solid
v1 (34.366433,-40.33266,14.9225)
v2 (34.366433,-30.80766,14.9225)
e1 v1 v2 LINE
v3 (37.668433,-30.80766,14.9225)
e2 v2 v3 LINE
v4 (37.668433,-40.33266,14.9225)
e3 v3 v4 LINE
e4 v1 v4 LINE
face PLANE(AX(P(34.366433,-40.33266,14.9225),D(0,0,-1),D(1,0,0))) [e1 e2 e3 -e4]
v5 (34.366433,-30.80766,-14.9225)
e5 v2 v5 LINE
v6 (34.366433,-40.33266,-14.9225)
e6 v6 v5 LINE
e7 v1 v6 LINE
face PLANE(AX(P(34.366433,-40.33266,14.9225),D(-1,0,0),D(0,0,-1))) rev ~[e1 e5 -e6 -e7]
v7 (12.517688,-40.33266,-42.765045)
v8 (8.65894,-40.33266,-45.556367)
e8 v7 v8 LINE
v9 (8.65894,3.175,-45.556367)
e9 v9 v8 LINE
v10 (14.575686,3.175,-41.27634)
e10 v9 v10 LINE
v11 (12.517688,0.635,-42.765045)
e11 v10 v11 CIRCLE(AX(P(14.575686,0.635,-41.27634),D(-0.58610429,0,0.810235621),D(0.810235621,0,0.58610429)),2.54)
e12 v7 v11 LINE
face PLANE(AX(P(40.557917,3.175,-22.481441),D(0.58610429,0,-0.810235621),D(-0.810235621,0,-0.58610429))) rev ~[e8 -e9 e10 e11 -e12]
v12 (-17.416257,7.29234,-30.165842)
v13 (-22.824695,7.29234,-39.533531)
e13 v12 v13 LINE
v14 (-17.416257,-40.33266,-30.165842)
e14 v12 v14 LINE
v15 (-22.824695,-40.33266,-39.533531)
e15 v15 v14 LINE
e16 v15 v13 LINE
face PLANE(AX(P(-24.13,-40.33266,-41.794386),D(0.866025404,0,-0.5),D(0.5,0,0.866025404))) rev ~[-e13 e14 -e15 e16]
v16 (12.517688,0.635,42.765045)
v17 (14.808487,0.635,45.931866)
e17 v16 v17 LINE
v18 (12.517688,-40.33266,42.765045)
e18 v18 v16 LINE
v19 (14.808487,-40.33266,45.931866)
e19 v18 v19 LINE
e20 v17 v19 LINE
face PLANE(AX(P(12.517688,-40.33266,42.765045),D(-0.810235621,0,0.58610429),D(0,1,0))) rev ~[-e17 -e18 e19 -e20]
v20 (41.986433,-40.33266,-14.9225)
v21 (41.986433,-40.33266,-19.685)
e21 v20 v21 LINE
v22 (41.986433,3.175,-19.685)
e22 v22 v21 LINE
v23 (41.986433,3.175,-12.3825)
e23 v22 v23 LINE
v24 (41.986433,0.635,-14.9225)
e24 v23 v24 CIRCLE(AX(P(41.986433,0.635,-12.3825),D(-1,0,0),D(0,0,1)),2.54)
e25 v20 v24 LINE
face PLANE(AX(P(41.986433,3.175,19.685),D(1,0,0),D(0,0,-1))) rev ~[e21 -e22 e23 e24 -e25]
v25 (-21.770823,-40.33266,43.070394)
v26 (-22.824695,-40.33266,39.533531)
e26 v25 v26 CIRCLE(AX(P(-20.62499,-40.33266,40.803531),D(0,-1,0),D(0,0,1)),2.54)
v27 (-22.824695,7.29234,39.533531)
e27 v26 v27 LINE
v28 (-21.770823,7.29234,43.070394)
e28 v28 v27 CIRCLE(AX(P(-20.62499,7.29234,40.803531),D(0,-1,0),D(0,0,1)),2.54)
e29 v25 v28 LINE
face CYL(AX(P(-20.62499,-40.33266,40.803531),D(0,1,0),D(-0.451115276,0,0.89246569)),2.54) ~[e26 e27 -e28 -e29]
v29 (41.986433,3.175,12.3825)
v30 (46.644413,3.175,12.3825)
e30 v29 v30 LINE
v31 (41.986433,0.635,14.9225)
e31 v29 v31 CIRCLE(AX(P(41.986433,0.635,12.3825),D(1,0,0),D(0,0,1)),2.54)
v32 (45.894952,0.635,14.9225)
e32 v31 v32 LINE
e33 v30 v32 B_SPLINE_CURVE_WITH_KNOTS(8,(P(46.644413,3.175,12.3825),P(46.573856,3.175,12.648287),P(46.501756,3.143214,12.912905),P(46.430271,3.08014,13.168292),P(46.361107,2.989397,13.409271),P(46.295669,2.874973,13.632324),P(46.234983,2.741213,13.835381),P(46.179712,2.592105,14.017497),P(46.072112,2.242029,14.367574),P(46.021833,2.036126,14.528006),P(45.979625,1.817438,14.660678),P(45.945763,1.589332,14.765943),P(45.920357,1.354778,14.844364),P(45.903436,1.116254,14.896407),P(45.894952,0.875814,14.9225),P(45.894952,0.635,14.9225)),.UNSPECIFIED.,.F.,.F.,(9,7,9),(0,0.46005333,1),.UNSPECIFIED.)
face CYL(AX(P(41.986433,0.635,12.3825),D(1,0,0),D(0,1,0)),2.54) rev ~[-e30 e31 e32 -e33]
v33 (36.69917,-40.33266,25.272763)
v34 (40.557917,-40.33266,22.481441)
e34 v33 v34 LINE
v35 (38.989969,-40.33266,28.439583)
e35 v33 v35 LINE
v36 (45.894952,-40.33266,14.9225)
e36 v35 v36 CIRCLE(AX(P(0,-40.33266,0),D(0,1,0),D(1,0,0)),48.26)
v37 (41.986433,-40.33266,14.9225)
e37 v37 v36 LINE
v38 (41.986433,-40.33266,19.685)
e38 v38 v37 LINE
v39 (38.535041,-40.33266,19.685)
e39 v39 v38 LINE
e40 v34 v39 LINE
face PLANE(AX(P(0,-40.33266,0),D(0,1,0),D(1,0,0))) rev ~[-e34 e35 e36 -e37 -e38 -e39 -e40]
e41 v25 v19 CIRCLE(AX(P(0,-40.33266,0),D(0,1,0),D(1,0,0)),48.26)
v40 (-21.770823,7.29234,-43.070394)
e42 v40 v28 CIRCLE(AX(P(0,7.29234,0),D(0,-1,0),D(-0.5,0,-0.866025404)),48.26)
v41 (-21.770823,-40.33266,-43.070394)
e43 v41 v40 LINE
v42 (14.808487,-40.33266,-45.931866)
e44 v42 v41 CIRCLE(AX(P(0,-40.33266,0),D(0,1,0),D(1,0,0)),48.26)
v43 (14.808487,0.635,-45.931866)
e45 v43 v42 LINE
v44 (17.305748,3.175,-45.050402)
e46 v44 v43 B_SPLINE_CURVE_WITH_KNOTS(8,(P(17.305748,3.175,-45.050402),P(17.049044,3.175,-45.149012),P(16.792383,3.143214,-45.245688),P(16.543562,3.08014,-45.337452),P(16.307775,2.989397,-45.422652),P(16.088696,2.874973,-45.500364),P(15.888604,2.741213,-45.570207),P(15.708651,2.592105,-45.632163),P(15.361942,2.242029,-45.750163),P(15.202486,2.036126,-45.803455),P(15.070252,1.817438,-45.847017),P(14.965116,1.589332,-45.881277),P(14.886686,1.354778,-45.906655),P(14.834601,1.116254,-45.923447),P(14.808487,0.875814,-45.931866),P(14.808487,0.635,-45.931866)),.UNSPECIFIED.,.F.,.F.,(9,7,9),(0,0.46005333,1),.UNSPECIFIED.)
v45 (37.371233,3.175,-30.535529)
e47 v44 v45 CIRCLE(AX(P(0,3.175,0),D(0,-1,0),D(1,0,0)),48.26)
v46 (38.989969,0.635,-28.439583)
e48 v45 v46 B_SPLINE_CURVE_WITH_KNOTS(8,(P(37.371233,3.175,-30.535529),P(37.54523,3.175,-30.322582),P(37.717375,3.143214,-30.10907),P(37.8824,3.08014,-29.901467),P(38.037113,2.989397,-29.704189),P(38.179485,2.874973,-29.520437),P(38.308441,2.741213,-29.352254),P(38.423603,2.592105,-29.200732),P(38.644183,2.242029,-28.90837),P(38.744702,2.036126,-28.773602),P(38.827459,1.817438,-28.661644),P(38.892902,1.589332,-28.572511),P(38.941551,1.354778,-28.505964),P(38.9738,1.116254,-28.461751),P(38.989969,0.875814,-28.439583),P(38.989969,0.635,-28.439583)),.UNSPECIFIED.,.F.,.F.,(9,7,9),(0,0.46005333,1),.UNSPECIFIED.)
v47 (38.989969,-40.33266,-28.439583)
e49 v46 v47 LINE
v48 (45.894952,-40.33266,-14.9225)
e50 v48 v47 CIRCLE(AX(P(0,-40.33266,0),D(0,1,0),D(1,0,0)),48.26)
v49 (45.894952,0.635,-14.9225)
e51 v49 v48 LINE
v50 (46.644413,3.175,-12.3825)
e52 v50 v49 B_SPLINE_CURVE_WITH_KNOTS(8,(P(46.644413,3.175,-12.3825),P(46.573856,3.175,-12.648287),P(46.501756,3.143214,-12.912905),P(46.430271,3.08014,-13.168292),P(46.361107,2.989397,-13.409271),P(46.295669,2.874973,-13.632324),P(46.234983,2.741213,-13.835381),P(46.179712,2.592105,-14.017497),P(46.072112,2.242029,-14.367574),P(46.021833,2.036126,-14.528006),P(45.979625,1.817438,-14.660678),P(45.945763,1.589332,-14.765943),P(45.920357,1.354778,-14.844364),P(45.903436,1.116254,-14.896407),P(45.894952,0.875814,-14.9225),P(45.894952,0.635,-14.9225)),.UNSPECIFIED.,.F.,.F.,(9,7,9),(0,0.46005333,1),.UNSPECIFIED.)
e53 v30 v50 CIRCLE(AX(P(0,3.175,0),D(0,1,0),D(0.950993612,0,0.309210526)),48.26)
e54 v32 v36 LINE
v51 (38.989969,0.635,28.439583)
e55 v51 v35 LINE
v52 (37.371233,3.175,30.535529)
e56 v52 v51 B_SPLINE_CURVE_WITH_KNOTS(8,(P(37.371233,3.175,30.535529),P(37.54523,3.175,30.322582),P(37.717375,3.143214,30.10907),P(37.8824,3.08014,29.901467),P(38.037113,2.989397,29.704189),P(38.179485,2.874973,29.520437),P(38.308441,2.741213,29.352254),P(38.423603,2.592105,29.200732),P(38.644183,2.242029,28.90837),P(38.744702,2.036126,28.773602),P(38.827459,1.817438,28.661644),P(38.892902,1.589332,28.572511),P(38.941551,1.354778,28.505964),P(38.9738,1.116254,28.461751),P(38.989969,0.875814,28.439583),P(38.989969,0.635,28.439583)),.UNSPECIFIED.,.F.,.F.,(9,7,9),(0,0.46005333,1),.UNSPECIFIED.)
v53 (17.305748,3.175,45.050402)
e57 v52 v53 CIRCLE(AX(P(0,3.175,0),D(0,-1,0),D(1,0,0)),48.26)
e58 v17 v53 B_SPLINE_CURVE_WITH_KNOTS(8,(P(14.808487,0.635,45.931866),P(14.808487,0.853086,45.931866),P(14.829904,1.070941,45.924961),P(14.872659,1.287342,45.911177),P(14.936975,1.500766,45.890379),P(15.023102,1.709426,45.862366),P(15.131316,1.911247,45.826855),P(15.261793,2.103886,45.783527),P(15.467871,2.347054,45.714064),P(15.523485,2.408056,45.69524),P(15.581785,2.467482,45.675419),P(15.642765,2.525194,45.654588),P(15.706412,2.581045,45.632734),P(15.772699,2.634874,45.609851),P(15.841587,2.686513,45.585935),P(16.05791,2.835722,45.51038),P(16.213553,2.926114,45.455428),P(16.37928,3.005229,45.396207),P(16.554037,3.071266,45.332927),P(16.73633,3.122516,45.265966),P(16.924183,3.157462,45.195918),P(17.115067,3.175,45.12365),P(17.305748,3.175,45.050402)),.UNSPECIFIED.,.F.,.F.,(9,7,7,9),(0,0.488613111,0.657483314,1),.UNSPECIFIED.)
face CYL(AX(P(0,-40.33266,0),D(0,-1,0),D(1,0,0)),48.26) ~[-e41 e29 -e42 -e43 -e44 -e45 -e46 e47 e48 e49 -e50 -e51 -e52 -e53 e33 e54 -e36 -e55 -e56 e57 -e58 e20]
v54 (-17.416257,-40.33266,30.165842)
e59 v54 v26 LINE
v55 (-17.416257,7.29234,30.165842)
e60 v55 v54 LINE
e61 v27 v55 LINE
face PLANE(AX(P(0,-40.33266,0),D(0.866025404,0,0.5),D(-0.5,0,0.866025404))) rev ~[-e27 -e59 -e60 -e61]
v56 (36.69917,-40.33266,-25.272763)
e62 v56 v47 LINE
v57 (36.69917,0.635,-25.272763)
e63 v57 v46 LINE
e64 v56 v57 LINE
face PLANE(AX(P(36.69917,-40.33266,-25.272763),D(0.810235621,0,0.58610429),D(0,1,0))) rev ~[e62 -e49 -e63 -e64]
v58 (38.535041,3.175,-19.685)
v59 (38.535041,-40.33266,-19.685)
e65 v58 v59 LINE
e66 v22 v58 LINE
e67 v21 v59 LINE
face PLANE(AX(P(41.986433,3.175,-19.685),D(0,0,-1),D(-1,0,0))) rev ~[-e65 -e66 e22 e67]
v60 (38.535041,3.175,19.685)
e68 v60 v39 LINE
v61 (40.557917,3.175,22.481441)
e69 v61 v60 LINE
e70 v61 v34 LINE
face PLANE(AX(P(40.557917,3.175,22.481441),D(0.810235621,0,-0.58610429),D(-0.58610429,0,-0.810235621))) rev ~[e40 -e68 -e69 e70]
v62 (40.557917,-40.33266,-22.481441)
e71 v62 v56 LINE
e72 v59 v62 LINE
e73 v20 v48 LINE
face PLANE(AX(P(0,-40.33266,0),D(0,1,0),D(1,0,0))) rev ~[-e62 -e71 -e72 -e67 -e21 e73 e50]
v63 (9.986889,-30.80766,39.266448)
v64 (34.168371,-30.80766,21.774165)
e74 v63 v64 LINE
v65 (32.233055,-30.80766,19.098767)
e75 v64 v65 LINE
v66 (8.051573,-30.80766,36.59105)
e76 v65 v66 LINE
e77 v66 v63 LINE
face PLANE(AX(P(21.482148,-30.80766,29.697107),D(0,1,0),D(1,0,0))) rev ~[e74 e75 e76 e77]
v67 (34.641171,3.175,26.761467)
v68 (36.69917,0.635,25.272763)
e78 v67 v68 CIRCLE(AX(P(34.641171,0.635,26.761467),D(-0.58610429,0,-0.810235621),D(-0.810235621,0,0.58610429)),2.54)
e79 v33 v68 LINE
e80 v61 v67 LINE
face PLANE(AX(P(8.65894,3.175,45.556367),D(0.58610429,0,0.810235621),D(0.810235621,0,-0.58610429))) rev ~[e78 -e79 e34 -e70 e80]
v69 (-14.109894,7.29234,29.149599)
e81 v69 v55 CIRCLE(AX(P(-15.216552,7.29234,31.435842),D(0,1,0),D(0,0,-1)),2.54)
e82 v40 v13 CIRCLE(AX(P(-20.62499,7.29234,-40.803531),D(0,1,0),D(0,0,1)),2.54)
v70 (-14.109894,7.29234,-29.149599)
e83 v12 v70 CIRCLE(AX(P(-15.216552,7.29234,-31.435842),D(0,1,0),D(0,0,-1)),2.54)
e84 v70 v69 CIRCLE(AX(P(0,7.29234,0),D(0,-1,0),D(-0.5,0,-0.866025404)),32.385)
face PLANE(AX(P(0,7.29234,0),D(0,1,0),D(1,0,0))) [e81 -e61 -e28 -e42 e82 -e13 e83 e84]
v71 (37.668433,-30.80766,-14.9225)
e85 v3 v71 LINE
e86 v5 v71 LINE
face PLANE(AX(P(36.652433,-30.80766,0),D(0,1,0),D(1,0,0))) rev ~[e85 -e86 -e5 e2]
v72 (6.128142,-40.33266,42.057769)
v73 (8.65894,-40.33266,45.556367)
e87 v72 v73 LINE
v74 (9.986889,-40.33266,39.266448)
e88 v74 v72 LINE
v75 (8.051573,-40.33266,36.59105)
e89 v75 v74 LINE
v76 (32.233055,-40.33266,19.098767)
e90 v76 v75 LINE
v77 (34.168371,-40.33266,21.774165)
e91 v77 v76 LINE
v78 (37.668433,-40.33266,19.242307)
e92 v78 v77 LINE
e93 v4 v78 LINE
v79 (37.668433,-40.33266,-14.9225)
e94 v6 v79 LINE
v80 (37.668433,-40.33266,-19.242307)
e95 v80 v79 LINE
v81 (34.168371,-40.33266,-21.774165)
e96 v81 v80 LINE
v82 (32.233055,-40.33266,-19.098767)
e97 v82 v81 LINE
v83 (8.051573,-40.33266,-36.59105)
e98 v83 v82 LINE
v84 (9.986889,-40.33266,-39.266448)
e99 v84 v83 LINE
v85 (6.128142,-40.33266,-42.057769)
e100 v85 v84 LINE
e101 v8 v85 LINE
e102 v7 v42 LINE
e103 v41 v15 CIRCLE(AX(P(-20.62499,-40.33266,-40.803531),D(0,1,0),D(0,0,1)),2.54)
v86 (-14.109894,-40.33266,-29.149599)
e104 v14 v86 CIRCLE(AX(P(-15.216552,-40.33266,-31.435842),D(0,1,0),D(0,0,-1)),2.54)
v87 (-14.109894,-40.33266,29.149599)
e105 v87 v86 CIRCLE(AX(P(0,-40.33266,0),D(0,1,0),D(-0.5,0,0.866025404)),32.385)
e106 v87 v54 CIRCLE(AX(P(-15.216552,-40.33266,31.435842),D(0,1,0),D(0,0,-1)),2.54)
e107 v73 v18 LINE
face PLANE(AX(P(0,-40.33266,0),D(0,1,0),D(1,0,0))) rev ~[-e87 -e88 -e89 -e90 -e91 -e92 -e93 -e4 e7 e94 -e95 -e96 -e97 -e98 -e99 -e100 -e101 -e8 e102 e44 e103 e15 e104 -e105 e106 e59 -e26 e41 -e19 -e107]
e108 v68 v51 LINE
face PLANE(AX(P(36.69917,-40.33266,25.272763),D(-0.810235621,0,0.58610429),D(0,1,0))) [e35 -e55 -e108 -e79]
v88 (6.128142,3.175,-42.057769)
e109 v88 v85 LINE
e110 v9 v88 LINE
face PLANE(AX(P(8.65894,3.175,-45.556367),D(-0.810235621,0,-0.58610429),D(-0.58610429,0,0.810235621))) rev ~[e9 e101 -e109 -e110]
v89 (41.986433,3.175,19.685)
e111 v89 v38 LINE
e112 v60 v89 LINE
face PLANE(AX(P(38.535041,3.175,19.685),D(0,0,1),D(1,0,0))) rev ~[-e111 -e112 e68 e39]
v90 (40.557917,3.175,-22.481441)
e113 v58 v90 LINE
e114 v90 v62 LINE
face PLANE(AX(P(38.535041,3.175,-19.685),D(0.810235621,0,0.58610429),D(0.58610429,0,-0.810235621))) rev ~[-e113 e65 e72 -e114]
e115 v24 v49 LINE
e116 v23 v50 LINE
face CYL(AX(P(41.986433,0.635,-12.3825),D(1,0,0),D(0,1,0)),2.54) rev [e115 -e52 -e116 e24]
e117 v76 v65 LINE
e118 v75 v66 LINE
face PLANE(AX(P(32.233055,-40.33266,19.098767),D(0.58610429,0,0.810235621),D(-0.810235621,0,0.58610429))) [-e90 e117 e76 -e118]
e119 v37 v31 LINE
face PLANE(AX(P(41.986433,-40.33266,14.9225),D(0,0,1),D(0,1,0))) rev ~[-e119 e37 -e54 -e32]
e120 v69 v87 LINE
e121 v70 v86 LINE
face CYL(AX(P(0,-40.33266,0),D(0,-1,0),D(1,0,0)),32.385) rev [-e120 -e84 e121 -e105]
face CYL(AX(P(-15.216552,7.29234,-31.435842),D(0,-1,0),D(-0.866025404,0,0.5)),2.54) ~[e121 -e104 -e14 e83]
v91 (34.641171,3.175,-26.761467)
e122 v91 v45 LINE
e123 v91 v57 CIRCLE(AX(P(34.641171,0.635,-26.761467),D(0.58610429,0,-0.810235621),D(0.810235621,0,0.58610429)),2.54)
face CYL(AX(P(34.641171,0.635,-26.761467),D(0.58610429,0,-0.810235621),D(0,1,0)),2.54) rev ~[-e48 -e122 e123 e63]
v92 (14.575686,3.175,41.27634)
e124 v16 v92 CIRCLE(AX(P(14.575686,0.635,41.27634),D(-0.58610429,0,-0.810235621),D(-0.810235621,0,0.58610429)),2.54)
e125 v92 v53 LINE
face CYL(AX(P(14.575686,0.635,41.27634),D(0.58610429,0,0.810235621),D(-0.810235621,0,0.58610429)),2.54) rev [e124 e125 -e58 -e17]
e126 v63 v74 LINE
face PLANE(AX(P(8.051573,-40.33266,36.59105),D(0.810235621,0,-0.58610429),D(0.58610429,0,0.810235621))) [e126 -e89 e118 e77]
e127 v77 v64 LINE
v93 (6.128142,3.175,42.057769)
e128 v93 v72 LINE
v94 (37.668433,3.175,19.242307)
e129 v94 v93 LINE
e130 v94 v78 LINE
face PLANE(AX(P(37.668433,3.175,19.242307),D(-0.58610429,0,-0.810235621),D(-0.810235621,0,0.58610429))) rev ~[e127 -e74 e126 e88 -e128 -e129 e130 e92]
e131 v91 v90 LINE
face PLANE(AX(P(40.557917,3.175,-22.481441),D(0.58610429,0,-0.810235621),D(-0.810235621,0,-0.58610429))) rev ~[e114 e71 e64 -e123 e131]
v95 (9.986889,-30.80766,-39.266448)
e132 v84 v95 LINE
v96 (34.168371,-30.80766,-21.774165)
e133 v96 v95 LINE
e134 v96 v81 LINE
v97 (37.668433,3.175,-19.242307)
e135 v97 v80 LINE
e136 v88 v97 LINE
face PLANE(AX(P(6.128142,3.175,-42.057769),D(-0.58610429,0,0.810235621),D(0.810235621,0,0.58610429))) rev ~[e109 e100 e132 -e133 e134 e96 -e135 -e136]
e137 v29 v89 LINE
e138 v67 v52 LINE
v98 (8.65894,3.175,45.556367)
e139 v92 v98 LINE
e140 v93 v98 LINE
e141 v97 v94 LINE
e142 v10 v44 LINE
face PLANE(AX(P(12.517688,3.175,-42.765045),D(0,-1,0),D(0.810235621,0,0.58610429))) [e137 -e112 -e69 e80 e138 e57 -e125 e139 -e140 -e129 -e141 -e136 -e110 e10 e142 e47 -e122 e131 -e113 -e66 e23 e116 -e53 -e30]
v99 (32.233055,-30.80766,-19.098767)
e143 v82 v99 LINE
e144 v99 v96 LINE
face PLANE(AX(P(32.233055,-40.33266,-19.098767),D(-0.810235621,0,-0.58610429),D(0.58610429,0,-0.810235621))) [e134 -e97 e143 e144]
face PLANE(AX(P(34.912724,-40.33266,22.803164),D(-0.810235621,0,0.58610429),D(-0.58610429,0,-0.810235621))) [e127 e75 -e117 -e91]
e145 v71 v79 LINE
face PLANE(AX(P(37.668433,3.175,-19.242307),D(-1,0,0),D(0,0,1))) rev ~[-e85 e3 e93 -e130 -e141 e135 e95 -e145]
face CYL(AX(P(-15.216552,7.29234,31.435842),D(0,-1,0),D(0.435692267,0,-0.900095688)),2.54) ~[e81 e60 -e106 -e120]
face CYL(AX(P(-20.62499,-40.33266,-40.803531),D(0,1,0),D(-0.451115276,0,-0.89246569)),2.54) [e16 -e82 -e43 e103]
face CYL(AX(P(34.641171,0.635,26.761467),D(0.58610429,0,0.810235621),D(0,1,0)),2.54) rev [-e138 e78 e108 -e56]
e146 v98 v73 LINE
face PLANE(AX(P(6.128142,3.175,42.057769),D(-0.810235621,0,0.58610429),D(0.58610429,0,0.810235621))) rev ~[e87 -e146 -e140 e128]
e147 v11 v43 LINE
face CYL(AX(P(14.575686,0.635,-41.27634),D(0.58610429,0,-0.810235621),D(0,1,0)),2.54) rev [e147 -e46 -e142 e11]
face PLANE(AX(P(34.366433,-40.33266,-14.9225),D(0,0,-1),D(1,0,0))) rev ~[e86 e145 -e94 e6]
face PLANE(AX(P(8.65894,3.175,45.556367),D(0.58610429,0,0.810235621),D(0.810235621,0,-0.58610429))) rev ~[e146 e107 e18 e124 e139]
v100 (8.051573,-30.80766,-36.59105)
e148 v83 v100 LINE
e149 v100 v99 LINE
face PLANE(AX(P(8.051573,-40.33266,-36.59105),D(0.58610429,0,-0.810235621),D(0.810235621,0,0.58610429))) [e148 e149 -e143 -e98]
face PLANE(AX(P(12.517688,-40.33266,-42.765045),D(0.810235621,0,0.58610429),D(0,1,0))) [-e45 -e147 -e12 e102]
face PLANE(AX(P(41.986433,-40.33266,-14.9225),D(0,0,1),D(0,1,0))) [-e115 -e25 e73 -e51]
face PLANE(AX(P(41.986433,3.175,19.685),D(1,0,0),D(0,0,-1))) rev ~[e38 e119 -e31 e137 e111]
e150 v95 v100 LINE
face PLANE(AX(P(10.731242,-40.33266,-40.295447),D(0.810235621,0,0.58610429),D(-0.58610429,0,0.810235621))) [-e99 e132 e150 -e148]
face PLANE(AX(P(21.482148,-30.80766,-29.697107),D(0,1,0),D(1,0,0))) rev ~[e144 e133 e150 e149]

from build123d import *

# Parameters (mm, degrees)
SKETCH1_R           = 48.26
SKETCH1_R_2         = 32.385
BOSS_EXTRUDE1_DEPTH = 47.625
CUT_EXTRUDE2_START  = -43.50766
CUT_EXTRUDE2_DEPTH  = 43.50766
SKETCH3_W           = 4.572
SKETCH3_H           = 29.845
CUT_EXTRUDE3_DEPTH  = 9.525
SKETCH4_W           = 29.845
SKETCH4_H           = 43.50766
CUT_EXTRUDE4_DEPTH  = 26.400930862
SKETCH5_W           = 29.845
SKETCH5_H           = 43.50766
CUT_EXTRUDE5_DEPTH  = 7.273566766
SKETCH6_W           = 29.845
SKETCH6_H           = 43.50766
CUT_EXTRUDE6_DEPTH  = 26.400930862
CUT_EXTRUDE7_DEPTH  = 48.625
FILLET1_R           = 2.54
FILLET2_R           = 2.54


with BuildPart() as part:
    # Sketch1 → Boss-Extrude1 (new body)
    with BuildSketch(Plane(origin=(0, -40.33266, 0), x_dir=(1, 0, 0), z_dir=(0, 1, 0))):
        Circle(SKETCH1_R)
        Circle(SKETCH1_R_2, mode=Mode.SUBTRACT)
    extrude(amount=BOSS_EXTRUDE1_DEPTH)

    # Sketch2 → Cut-Extrude2 (cut)
    with BuildSketch(Plane.XZ.offset(40.33266).offset(CUT_EXTRUDE2_START)):
        Polygon((40.557916835, -22.48144085), (8.658940442, -45.556366746), (6.128142118, -42.057769336), (37.668433234, -19.242307445), (37.668433234, 19.242307445), (6.128142118, 42.057769336), (8.658940442, 45.556366746), (40.557916835, 22.48144085), (38.535041098, 19.685), (41.986433234, 19.685), (41.986433234, -19.685), (38.535041098, -19.685), align=None)
    extrude(amount=CUT_EXTRUDE2_DEPTH, mode=Mode.SUBTRACT)

    # Sketch3 → Cut-Extrude3 (cut)
    with BuildSketch(Plane(origin=(0, -40.33266, 0), x_dir=(1, 0, 0), z_dir=(0, 1, 0))):
        Polygon((10.731241711, 40.295446893), (8.051572897, 36.591049635), (32.233055001, 19.098767101), (34.912723815, 22.803164359), align=None)
        with Locations((36.652433234, 0)):
            Rectangle(SKETCH3_W, SKETCH3_H)
        Polygon((32.233055001, -19.098767101), (8.051572897, -36.591049635), (10.731241711, -40.295446893), (34.912723815, -22.803164359), align=None)
    extrude(amount=CUT_EXTRUDE3_DEPTH, mode=Mode.SUBTRACT)

    # Sketch4 → Cut-Extrude4 (cut, through all)
    with BuildSketch(Plane(origin=(24.608428639, 0, -34.018903798), x_dir=(0.810235621, 0, 0.58610429), z_dir=(-0.58610429, 0, 0.810235621))):
        with Locations((0, -18.57883)):
            Rectangle(SKETCH4_W, SKETCH4_H)
    extrude(amount=-CUT_EXTRUDE4_DEPTH, mode=Mode.SUBTRACT)

    # Sketch5 → Cut-Extrude5 (cut, through all)
    with BuildSketch(Plane.ZY.offset(-41.986433234)):
        with Locations((0, -18.57883)):
            Rectangle(SKETCH5_W, SKETCH5_H)
    extrude(amount=-CUT_EXTRUDE5_DEPTH, mode=Mode.SUBTRACT)

    # Sketch6 → Cut-Extrude6 (cut, through all)
    with BuildSketch(Plane(origin=(24.608428639, 0, 34.018903798), x_dir=(-0.810235621, 0, 0.58610429), z_dir=(-0.58610429, 0, -0.810235621))):
        with Locations((0, -18.57883)):
            Rectangle(SKETCH6_W, SKETCH6_H)
    extrude(amount=-CUT_EXTRUDE6_DEPTH, mode=Mode.SUBTRACT)

    # Sketch7 → Cut-Extrude7 (cut, through all)
    with BuildSketch(Plane.XZ.offset(40.33266)):
        with BuildLine():
            Line((0, 0), (-24.13, 41.794385987))
            ThreePointArc((-24.13, 41.794385987), (-48.26, 0), (-24.13, -41.794385987))
            Line((-24.13, -41.794385987), (0, 0))
        make_face()
    extrude(amount=-CUT_EXTRUDE7_DEPTH, mode=Mode.SUBTRACT)

    # Fillet1
    fillet1_edges = [part.edges().sort_by_distance(p)[0] for p in [
        (-16.1925, -16.52016, 28.046232702),
        (-16.1925, -16.52016, -28.046232702),
        (-24.13, -16.52016, -41.794385987),
        (-24.13, -16.52016, 41.794385987),
    ]]
    fillet(fillet1_edges, radius=FILLET1_R)

    # Fillet2
    fillet2_edges = [part.edges().sort_by_distance(p)[0] for p in [
        (13.663087314, 3.175, -44.348455518),
        (37.844569418, 3.175, -26.856172984),
        (43.940692479, 3.175, -14.9225),
        (43.940692479, 3.175, 14.9225),
        (37.844569418, 3.175, 26.856172984),
        (13.663087314, 3.175, 44.348455518),
    ]]
    fillet(fillet2_edges, radius=FILLET2_R)


solid = part.part
